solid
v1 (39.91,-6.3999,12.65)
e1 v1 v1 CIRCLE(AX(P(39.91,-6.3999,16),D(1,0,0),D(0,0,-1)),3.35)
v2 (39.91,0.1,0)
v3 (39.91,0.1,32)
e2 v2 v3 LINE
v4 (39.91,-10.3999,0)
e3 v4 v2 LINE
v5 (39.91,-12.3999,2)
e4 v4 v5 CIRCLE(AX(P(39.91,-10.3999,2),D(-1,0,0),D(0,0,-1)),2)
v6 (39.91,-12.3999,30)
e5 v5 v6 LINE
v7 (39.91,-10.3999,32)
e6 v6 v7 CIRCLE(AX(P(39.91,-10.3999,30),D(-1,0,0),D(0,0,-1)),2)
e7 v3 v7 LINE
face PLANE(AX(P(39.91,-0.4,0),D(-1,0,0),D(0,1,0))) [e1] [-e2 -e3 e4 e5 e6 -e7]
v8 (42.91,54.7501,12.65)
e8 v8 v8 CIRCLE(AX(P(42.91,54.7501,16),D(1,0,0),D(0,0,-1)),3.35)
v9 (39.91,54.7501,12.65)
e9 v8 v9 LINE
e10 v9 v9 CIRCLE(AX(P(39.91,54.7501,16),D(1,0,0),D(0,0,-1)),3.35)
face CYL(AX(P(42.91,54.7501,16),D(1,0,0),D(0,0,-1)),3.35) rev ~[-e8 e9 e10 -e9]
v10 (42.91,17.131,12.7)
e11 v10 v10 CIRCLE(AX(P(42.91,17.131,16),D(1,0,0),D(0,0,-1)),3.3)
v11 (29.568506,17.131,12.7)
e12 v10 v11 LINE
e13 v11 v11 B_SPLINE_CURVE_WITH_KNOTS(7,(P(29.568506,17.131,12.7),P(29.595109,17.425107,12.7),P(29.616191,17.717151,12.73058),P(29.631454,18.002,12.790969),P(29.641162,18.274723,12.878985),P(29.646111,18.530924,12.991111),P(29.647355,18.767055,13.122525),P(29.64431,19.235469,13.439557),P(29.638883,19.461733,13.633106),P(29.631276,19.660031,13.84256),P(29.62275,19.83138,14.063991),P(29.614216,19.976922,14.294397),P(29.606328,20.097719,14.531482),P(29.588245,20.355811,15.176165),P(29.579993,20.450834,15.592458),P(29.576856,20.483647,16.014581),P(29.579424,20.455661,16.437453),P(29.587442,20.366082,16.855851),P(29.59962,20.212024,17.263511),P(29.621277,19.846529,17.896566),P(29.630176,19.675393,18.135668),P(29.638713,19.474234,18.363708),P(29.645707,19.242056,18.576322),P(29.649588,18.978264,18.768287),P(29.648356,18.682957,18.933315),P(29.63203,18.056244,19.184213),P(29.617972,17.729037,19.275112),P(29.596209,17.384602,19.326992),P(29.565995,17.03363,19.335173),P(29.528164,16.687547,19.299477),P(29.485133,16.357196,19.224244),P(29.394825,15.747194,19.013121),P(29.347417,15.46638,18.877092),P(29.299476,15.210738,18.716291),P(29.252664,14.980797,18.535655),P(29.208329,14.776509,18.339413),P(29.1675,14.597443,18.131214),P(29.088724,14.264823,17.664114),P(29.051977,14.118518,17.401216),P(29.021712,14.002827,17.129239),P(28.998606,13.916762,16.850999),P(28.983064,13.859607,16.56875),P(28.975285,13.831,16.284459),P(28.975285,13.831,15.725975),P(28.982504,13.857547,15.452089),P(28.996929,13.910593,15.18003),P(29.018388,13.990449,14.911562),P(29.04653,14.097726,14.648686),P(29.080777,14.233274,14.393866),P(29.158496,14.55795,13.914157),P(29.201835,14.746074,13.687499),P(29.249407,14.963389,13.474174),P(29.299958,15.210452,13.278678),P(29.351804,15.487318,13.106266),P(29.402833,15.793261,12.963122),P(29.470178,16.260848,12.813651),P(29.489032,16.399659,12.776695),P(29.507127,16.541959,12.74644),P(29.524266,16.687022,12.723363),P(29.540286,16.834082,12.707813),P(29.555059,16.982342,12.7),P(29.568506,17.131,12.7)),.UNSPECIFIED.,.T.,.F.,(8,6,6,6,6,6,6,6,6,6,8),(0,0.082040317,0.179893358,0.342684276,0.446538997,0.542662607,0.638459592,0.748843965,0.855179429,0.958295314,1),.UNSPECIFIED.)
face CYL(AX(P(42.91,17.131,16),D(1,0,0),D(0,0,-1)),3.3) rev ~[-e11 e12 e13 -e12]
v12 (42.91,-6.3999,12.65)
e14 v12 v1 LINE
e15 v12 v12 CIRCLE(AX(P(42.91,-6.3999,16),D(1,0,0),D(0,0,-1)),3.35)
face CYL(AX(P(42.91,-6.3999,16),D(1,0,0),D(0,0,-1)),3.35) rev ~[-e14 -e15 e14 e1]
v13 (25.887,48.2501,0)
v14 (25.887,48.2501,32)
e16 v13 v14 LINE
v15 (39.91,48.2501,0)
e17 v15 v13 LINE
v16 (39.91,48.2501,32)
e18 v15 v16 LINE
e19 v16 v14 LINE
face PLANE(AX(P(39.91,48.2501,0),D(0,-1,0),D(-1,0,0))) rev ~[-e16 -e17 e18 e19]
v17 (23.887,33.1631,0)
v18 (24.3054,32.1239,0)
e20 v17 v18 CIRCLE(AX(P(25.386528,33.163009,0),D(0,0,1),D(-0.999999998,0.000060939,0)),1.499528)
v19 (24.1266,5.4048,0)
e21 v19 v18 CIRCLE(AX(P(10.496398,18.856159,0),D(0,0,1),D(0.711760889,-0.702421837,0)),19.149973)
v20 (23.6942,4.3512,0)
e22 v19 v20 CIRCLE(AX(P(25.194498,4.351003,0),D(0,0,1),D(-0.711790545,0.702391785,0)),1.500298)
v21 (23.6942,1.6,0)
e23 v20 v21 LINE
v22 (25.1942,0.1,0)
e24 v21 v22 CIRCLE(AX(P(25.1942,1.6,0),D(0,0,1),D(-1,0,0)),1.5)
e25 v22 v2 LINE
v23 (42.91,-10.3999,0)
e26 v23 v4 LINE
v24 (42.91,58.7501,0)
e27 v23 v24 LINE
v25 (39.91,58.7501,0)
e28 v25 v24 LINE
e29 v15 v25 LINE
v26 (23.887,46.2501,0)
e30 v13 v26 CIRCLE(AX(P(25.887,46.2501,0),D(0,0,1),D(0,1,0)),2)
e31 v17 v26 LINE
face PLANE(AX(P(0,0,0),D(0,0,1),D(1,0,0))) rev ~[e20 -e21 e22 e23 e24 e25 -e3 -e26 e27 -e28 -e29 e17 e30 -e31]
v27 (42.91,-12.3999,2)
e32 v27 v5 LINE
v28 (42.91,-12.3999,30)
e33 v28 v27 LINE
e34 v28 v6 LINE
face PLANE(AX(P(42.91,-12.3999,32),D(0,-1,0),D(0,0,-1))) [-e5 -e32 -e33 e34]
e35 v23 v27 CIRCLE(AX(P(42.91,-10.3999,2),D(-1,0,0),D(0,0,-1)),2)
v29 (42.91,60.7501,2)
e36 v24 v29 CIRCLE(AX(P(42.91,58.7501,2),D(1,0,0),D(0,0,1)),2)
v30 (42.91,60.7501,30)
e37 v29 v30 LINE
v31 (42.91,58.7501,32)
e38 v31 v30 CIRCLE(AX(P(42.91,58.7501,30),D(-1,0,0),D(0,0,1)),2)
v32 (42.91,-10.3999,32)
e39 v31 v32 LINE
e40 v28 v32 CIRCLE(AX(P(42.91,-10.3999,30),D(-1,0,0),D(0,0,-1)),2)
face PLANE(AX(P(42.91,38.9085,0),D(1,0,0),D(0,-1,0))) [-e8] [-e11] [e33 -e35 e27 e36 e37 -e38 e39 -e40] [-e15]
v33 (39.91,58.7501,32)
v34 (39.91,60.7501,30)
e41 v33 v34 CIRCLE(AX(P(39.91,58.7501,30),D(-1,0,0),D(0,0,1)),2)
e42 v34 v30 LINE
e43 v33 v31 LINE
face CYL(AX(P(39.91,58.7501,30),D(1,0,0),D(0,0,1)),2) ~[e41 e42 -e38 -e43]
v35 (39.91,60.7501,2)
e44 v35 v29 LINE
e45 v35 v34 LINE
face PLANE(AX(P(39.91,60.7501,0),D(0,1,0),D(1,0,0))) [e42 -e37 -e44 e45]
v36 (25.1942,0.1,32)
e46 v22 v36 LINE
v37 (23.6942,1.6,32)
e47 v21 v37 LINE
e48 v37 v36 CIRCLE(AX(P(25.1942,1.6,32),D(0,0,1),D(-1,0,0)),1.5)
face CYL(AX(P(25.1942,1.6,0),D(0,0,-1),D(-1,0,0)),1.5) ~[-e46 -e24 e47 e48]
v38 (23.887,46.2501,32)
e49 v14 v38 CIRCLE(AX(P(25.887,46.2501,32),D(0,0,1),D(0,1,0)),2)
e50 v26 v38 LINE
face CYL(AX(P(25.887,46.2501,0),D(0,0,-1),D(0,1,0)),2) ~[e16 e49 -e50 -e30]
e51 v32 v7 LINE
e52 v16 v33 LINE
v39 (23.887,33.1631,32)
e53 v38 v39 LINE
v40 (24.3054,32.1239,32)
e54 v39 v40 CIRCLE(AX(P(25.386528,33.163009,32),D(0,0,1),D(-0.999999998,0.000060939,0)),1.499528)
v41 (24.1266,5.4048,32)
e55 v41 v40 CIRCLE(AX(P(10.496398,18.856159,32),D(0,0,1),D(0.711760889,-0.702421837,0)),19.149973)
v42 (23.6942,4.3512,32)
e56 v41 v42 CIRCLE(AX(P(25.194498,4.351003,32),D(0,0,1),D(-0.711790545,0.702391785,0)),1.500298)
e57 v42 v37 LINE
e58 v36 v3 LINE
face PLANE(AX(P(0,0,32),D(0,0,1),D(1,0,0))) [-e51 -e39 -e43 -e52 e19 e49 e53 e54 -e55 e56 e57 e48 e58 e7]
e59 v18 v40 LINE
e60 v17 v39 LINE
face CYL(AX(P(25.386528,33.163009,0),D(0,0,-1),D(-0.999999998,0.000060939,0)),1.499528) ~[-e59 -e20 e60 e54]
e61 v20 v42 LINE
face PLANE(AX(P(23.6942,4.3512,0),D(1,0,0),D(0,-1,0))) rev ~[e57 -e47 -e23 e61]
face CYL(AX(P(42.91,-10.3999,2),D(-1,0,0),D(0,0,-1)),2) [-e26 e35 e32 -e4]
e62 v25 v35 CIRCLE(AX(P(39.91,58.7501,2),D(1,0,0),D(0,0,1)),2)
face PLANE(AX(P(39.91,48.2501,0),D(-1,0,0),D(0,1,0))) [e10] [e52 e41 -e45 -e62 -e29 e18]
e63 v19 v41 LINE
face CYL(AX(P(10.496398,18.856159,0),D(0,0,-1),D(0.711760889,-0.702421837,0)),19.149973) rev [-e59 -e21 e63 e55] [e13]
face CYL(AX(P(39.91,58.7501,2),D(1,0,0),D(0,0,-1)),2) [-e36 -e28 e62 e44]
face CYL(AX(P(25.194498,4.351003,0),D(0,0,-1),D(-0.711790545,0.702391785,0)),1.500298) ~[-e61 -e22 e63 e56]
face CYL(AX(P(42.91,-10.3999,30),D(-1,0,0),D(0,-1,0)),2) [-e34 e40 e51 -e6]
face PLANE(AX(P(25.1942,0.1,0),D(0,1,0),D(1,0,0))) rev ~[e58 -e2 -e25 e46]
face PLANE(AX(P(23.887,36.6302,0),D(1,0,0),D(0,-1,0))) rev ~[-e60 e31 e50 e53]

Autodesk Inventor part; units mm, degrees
ref_plane "YZ Plane" through (0, 0, 0) normal (1, 0, 0) x (0, 1, 0)
ref_plane "XZ Plane" through (0, 0, 0) normal (0, 1, 0) x (-1, 0, 0)
sketch "Sketch1" plane through (0, 0, 0) normal (0, 0, 1) x (1, 0, 0)
  arc A0 (23.7707, 5.756) -> (23.9448, 31.7775) centre (10.4963, 18.8562) ccw
  line L0 (42.91, 38.9085) -> (39.91, 38.8609)
  line L1 (42.91, -0.4) -> (39.91, -0.4)
  line L2 (23.1942, 4.3512) -> (23.1942, 1.6)
  line L3 (39.91, 60.7501) -> (42.91, 60.7501)
  line L4 (42.91, 60.7501) -> (42.91, -23.2499)
  line L5 (42.91, -23.2499) -> (39.91, -23.2499)
  line L6 (39.91, -23.2499) -> (39.91, -0.4)
  line L7 (39.91, 38.8609) -> (39.91, 60.7501)
  line L8 (39.91, -23.2499) -> (39.91, -0.4)
  line L9 (39.91, -0.4) -> (39.91, 60.7501)
  arc A1 (23.1942, 1.6) -> (25.1942, -0.4) centre (25.1942, 1.6) ccw
  arc A2 (23.387, 33.1631) -> (23.9448, 31.7775) centre (25.387, 33.1631) ccw
  arc A3 (23.7707, 5.756) -> (23.1942, 4.3512) centre (25.1942, 4.3512) ccw
  line L10 (39.91, 38.8609) -> (25.3553, 38.63)
  line L11 (39.91, -0.4) -> (25.1942, -0.4)
  line L12 (40.0772, 38.3635) -> (25.3632, 38.13)
  line L13 (23.887, 36.6302) -> (23.887, 33.1631)
  arc A4 (23.887, 33.1631) -> (24.3054, 32.1239) centre (25.387, 33.1631) ccw
  arc A5 (24.1266, 5.4048) -> (24.3054, 32.1239) centre (10.4963, 18.8562) ccw
  arc A6 (24.1266, 5.4048) -> (23.6942, 4.3512) centre (25.1942, 4.3512) ccw
  line L14 (23.6942, 4.3512) -> (23.6942, 1.6)
  arc A7 (23.6942, 1.6) -> (25.1942, 0.1) centre (25.1942, 1.6) ccw
  line L15 (25.1942, 0.1) -> (39.91, 0.1)
  line L16 (39.91, 48.2501) -> (25.887, 48.2501)
  line L17 (23.887, 36.6302) -> (23.887, 46.2501)
  arc A8 (25.887, 48.2501) -> (23.887, 46.2501) centre (25.887, 46.2501) ccw
  point P0 (0, 0)
  point P1 (23.1942, 5.1965)
  point P2 (23.387, 32.334)
  point P3 (36.735, -12.4)
  point P4 (39.91, -12.3999)
  point P5 (39.91, 38.3609)
  dimension "d0" = 3
  dimension "d38" = 2
ref_plane "Work Plane1" through (39.91, -23.2499, 0) normal (-1, 0, 0) x (0, 0, 1)
extrude "Extrusion3" add sketch "Sketch1" along normal blind 32
sketch "Sketch4" plane through (42.91, -23.2499, 0) normal (1, 0, 0) x (0, 0, -1)
  circle A0 centre (-16, 78) radius 3.35
  circle A1 centre (-16, 16.85) radius 3.35
  line L0 (0, 0) -> (0, 84) projected
  line L1 (-32, 0) -> (-32, 84) projected
  line L2 (-32, 23.3499) -> (-32, 0) projected
  line L3 (-32, 10.85) -> (0, 10.85)
  line L4 (0, 23.3499) -> (0, 0) projected
  line L5 (0, 84) -> (-32, 84) projected
  line L6 (0, 0) -> (-32, 0) projected
  line L7 (-32, 0) -> (0, 0)
  line L8 (-16, 84) -> (-16, 10.85) construction
  circle A2 centre (-16, 40.3809) radius 3.3
  point P0 (0, 23.2499)
  dimension "d23" = 6.7
  dimension "d26" = 32
  dimension "d31" = 73.15
  dimension "d33" = 6
  dimension "d34" = 6
  dimension "d39" = 6.6
extrude "Extrusion4" cut sketch "Sketch4" against normal blind 32 contours A0 | A1 | L6 L1 L3 L0 | A2
fillet "Fillet3" radius 2 4 edges at (41.41, 60.7501, 32) (41.41, 60.7501, 0) (41.41, -12.3999, 0) (41.41, -12.3999, 32)
properties part number "Motor Cleat"
